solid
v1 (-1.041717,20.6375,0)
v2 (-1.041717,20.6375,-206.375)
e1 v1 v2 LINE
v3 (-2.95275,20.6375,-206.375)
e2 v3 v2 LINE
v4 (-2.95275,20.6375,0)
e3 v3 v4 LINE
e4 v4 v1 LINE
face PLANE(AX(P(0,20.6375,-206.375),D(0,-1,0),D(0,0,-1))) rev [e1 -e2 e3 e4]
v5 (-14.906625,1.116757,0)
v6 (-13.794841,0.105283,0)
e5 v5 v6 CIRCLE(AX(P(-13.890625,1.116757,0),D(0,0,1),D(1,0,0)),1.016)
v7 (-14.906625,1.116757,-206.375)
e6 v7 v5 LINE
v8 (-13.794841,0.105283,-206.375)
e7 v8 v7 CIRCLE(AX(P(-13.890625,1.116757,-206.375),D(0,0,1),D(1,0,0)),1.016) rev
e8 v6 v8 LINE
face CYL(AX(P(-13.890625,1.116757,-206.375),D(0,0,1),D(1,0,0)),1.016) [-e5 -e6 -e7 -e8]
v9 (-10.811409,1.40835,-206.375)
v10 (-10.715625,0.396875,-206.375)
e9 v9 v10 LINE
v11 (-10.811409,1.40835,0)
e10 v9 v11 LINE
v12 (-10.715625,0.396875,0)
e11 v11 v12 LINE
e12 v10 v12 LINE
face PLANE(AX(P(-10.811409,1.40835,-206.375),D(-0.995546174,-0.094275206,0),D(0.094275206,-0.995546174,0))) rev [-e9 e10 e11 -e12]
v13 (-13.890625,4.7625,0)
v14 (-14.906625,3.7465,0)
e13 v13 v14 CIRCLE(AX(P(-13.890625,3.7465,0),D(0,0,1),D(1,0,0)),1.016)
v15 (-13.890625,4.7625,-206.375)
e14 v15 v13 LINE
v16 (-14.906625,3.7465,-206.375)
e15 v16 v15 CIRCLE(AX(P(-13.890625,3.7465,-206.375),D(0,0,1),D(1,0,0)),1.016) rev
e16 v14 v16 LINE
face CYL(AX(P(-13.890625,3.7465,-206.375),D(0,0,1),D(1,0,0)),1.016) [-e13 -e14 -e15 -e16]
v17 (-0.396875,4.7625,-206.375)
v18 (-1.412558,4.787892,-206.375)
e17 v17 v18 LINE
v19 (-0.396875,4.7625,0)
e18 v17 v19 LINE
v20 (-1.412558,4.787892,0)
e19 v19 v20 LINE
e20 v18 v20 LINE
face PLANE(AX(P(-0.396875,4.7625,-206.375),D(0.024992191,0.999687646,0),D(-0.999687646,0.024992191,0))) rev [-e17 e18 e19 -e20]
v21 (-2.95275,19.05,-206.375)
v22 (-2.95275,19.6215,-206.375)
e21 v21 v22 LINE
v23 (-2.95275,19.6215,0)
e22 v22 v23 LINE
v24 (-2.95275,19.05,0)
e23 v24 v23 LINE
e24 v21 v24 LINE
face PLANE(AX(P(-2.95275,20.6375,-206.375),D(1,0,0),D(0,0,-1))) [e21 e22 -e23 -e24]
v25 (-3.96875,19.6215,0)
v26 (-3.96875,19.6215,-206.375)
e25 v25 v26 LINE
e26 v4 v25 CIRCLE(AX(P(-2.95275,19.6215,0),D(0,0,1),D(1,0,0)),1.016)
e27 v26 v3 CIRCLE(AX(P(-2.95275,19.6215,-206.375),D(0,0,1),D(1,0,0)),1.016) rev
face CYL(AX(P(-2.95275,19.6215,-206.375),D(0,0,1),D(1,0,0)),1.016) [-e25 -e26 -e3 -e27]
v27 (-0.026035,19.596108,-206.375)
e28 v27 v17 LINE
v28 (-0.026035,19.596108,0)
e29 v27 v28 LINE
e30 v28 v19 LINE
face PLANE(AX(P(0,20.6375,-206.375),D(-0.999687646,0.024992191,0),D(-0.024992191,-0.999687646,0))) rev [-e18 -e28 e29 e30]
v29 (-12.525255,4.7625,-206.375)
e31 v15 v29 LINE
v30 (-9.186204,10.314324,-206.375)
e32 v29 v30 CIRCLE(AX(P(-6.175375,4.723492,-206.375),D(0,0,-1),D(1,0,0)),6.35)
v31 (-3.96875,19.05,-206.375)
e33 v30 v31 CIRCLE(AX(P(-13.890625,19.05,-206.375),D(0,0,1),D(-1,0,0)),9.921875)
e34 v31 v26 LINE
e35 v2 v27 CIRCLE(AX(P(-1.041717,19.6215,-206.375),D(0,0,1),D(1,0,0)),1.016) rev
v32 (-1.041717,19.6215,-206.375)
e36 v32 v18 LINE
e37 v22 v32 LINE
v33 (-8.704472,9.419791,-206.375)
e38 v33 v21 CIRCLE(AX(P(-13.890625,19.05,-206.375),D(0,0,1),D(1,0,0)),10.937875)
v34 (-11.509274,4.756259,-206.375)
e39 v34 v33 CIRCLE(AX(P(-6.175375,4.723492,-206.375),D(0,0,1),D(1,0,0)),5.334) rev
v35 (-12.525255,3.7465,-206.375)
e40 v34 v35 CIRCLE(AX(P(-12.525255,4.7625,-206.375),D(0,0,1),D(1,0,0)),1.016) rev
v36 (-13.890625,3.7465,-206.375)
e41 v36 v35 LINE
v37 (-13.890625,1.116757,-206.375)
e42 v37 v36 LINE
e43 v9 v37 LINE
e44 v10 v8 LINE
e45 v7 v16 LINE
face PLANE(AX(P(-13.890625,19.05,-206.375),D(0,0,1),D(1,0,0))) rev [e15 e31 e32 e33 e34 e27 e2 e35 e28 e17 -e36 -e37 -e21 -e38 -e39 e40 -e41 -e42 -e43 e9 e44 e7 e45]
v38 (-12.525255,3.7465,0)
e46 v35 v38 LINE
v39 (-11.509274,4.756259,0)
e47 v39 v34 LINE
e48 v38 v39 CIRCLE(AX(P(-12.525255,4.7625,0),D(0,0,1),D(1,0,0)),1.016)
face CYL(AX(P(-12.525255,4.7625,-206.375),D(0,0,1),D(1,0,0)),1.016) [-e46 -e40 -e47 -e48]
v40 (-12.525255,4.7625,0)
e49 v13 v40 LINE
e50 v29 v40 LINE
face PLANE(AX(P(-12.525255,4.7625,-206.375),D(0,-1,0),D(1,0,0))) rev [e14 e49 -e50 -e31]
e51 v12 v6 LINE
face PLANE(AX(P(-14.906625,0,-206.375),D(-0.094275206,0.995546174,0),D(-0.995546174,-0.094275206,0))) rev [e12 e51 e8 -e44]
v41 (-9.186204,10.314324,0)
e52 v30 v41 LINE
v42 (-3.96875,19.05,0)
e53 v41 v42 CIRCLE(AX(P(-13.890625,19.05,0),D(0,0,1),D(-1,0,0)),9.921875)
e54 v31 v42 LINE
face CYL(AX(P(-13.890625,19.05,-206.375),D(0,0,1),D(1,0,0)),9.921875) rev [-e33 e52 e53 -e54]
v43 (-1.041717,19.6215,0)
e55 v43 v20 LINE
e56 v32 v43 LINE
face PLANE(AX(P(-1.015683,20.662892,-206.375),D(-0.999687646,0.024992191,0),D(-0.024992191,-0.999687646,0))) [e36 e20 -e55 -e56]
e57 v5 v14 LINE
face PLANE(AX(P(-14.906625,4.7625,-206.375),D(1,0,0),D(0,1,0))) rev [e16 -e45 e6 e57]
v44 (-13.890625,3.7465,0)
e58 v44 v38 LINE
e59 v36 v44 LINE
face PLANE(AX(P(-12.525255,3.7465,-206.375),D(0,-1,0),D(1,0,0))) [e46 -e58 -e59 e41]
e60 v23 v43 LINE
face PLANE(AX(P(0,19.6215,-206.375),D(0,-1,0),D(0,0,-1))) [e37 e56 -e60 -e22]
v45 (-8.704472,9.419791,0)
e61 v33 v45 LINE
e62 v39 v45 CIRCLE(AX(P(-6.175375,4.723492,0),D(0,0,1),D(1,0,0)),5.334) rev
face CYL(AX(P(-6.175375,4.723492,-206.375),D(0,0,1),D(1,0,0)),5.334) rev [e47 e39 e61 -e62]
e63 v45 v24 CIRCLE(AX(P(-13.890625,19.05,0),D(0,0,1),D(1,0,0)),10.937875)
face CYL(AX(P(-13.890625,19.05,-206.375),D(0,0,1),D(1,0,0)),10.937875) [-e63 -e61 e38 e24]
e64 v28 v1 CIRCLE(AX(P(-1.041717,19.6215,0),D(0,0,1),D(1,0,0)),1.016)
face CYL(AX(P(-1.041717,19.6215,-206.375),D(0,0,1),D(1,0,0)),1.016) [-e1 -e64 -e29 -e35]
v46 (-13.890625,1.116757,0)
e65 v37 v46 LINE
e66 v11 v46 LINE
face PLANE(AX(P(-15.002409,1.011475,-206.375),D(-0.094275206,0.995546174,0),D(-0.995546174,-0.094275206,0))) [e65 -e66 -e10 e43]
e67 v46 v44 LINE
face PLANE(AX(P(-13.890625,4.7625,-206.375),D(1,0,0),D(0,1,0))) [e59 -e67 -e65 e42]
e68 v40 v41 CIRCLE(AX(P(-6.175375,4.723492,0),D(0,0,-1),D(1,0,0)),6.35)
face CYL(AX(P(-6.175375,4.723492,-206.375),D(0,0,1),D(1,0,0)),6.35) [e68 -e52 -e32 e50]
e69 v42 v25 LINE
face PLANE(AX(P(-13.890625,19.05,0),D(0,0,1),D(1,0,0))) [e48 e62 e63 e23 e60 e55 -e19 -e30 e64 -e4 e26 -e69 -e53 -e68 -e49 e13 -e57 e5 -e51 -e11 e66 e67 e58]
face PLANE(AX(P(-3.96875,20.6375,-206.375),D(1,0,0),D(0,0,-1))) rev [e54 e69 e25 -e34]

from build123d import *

# Parameters (mm, degrees)
EXTRUDE_THIN1_DEPTH = 206.375
FILLET1_R           = 1.016


with BuildPart() as part:
    # Sketch2 → Extrude-Thin1 (new body)
    with BuildSketch(Plane.XY):
        with BuildLine():
            Line((-10.715625, 0.396875), (-14.906625, 0))
            Line((-14.906625, 0), (-14.906625, 4.7625))
            Line((-14.906625, 4.7625), (-12.525255186, 4.7625))
            ThreePointArc((-12.525255186, 4.7625), (-11.617011589, 7.996272283), (-9.186204268, 10.314324348))
            ThreePointArc((-9.186204268, 10.314324348), (-5.372401066, 13.962420562), (-3.96875, 19.05))
            Line((-3.96875, 19.05), (-3.96875, 20.6375))
            Line((-3.96875, 20.6375), (0, 20.6375))
            Line((0, 20.6375), (-0.396875, 4.7625))
            Line((-0.396875, 4.7625), (-1.412557649, 4.787892066))
            Line((-1.412557649, 4.787892066), (-1.04171745, 19.6215))
            Line((-1.04171745, 19.6215), (-2.95275, 19.6215))
            Line((-2.95275, 19.6215), (-2.95275, 19.05))
            ThreePointArc((-2.95275, 19.05), (-4.500134936, 13.441452428), (-8.704471585, 9.419791161))
            ThreePointArc((-8.704471585, 9.419791161), (-10.986912369, 7.025809056), (-11.419137272, 3.7465))
            Line((-11.419137272, 3.7465), (-13.890625, 3.7465))
            Line((-13.890625, 3.7465), (-13.890625, 1.116757452))
            Line((-13.890625, 1.116757452), (-10.811408609, 1.408349913))
            Line((-10.811408609, 1.408349913), (-10.715625, 0.396875))
        make_face()
    extrude(amount=-EXTRUDE_THIN1_DEPTH)

    # Fillet1
    fillet1_edges = [part.edges().sort_by_distance(p)[0] for p in [
        (-11.419137272, 3.7465, -103.1875),
        (-14.906625, 0, -103.1875),
        (-14.906625, 4.7625, -103.1875),
        (-3.96875, 20.6375, -103.1875),
        (0, 20.6375, -103.1875),
    ]]
    fillet(fillet1_edges, radius=FILLET1_R)


solid = part.part
